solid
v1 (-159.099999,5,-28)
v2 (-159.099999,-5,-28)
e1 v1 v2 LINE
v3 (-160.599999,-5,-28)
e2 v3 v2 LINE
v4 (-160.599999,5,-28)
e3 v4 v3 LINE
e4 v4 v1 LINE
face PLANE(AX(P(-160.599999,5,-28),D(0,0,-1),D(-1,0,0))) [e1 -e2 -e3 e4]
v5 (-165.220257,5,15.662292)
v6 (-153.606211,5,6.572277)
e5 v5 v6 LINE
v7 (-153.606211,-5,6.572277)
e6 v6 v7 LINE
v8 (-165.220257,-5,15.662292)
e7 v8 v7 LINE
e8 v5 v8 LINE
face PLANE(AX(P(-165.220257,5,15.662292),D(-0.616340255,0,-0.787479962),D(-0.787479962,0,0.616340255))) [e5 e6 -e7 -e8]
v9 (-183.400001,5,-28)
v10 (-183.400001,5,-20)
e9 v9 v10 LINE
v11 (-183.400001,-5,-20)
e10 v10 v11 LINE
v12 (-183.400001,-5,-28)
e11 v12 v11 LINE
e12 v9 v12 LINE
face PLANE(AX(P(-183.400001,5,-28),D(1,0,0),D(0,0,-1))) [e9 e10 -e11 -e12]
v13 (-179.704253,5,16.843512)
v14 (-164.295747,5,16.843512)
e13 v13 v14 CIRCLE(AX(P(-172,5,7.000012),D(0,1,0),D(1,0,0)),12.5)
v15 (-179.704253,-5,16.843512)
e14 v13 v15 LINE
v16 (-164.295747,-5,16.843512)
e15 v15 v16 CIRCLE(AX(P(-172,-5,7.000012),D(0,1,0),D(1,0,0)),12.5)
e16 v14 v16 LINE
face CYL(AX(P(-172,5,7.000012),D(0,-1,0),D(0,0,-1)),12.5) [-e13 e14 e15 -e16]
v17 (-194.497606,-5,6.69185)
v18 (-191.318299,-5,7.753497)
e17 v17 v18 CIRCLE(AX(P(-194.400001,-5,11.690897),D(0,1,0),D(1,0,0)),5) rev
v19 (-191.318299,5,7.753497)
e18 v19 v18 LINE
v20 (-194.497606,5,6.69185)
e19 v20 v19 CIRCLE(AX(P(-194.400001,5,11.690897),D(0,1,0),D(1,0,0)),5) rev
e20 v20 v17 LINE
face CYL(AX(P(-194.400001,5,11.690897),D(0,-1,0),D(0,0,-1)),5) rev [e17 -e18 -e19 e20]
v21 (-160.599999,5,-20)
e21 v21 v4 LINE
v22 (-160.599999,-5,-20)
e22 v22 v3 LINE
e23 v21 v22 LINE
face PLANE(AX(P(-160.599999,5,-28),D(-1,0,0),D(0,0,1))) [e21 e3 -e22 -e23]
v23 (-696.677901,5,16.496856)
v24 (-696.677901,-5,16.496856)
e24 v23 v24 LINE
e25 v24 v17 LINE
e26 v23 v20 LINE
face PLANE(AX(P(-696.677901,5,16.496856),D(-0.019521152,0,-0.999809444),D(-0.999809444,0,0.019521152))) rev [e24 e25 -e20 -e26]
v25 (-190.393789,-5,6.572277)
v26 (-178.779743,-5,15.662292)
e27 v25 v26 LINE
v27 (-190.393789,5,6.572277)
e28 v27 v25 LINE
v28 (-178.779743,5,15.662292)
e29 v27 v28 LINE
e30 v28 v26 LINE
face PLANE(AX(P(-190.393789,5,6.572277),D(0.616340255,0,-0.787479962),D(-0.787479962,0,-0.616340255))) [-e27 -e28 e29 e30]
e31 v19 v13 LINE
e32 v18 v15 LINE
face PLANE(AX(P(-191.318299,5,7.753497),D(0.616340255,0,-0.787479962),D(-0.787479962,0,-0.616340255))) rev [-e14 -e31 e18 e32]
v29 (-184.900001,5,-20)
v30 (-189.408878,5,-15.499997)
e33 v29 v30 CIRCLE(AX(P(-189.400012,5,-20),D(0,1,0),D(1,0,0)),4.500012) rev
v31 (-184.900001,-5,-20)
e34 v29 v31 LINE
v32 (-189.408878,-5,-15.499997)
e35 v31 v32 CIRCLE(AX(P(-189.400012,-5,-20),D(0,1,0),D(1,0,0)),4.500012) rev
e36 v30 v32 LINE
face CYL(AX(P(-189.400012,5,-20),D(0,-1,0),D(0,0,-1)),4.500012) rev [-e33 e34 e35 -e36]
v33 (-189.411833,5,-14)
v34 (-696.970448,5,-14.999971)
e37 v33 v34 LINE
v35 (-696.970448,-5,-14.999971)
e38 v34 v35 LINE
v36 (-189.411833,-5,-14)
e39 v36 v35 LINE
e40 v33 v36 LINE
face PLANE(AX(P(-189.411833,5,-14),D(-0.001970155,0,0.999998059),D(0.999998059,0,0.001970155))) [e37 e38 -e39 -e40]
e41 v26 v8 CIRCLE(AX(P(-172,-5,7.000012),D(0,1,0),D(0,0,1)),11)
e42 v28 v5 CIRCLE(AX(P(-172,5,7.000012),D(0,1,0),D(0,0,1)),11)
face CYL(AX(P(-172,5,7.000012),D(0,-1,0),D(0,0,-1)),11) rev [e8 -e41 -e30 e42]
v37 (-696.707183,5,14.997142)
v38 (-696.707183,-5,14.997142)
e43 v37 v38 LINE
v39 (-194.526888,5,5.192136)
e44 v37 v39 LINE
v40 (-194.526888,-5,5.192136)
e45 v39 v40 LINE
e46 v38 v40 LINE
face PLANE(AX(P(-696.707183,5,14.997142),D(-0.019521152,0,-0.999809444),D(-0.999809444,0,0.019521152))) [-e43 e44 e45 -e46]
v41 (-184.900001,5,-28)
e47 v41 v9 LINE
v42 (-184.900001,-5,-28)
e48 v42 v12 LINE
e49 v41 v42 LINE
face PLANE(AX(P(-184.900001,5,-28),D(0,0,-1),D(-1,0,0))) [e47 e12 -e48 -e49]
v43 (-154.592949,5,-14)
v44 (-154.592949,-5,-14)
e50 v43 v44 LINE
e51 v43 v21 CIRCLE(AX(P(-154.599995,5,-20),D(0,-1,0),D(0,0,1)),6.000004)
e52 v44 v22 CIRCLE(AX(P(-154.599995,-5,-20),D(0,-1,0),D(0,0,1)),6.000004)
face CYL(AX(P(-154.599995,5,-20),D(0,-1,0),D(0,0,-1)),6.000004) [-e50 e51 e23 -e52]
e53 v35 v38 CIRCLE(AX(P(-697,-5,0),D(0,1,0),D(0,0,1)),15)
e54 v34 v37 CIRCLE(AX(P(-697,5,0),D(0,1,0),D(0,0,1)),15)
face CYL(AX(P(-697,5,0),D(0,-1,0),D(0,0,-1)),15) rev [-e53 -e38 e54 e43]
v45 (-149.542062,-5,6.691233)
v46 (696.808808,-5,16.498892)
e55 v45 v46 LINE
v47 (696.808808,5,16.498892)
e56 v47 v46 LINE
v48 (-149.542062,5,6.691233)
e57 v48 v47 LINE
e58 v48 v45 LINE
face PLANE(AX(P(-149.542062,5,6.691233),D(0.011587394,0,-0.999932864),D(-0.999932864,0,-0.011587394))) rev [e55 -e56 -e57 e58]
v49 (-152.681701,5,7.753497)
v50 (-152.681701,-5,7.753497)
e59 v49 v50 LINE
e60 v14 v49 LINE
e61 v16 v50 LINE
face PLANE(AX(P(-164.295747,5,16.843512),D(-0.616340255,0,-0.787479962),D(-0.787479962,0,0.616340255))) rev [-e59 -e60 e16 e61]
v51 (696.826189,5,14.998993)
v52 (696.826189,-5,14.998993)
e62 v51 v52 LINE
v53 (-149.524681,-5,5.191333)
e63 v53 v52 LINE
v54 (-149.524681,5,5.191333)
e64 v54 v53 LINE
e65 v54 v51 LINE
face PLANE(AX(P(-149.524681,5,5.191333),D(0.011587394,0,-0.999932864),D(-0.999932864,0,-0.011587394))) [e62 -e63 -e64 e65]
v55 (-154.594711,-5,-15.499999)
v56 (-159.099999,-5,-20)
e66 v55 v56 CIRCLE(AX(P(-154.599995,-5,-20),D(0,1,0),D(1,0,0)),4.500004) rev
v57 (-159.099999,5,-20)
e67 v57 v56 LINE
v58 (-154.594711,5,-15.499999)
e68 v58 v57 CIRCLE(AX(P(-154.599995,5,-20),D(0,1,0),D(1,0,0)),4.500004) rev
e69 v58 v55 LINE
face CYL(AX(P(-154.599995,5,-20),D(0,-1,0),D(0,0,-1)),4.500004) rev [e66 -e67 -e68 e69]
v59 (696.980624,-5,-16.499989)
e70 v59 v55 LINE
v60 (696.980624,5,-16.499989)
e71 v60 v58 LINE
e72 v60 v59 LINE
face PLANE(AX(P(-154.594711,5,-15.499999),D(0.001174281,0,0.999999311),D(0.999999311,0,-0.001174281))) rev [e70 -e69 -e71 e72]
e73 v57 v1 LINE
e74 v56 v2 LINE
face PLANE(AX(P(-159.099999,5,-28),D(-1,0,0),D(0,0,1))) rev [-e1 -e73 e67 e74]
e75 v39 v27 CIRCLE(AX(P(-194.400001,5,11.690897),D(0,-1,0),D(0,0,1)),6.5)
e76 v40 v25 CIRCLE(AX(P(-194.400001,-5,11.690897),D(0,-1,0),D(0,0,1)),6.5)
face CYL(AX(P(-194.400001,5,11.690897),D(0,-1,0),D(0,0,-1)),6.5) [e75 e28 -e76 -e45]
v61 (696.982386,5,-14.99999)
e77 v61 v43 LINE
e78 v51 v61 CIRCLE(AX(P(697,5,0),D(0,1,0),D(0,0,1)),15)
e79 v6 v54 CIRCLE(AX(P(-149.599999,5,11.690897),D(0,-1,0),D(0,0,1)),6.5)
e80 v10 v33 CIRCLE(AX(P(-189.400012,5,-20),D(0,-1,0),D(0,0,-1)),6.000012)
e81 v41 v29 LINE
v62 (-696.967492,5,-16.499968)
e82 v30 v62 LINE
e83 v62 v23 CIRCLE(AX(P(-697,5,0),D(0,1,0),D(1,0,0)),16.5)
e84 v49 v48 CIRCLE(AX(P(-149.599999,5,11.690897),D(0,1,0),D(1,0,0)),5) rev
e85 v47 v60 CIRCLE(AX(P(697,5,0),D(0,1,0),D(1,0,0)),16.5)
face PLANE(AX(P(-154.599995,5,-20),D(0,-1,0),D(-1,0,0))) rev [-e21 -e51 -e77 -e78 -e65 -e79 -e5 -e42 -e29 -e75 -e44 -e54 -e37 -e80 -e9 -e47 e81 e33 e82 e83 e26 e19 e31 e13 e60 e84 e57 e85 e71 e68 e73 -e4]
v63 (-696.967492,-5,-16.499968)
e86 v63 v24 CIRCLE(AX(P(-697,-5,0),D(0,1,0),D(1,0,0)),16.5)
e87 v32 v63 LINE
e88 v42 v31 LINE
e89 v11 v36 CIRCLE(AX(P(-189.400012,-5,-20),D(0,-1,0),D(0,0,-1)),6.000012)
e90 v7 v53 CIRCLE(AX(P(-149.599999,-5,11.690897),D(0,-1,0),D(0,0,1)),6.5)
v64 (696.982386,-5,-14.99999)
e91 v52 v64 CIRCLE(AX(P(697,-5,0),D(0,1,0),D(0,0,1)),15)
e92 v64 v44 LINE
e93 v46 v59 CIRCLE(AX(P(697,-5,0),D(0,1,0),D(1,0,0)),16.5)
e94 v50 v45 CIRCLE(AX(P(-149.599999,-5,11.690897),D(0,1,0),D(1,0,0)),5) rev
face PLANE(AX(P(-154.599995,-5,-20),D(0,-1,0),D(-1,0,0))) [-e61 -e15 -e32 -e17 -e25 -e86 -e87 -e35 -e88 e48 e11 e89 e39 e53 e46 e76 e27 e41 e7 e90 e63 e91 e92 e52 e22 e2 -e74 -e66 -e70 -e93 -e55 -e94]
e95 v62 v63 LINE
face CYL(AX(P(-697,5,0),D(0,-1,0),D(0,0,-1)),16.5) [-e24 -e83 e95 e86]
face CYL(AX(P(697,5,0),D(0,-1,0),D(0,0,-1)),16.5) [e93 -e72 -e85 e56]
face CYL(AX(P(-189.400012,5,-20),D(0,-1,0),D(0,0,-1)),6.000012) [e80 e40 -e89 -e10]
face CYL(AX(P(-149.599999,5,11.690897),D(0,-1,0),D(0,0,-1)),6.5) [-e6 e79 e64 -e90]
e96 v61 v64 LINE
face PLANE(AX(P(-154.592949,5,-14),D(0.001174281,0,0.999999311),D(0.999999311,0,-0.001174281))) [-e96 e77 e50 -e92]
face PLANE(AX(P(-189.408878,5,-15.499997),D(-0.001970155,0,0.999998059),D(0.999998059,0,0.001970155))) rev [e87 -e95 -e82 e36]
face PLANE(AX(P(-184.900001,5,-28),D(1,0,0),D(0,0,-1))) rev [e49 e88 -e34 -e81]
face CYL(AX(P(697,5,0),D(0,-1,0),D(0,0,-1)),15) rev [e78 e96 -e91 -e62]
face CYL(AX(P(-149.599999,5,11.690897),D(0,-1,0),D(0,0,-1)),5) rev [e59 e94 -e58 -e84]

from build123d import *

# Parameters (mm, degrees)
EXTRUDE_THIN1_DEPTH = 5


with BuildPart() as part:
    # Sketch1 → Extrude-Thin1 (new, symmetric)
    with BuildSketch(Plane(origin=(0, 0, 0), x_dir=(1, 0, 0), z_dir=(0, 1, 0))):
        with BuildLine():
            Line((-183.400000811, 28), (-183.400000811, 20))
            ThreePointArc((-183.400000811, 20), (-185.161544932, 15.753173798), (-189.411833406, 14))
            Line((-189.411833406, 14), (-696.970447681, 14.999970889))
            ThreePointArc((-696.970447681, 14.999970889), (-711.999422352, -0.131640078), (-696.707182726, -14.997141662))
            Line((-696.707182726, -14.997141662), (-194.526888217, -5.192135604))
            ThreePointArc((-194.526888217, -5.192135604), (-192.341242187, -5.52554921), (-190.393789073, -6.572277241))
            Line((-190.393789073, -6.572277241), (-178.779742807, -15.662291703))
            ThreePointArc((-178.779742807, -15.662291703), (-172, -18.000012126), (-165.220257193, -15.662291703))
            Line((-165.220257193, -15.662291703), (-153.606210927, -6.572277241))
            ThreePointArc((-153.606210927, -6.572277241), (-151.683201757, -5.533765565), (-149.524681207, -5.191333376))
            Line((-149.524681207, -5.191333376), (696.826189088, -14.998992958))
            ThreePointArc((696.826189088, -14.998992958), (711.999796679, -0.078099937), (696.982385781, 14.999989658))
            Line((696.982385781, 14.999989658), (-154.59294936, 14))
            ThreePointArc((-154.59294936, 14), (-158.840146905, 15.75486609), (-160.599999189, 20))
            Line((-160.599999189, 20), (-160.599999189, 28))
            Line((-160.599999189, 28), (-159.099999189, 28))
            Line((-159.099999189, 28), (-159.099999189, 20))
            ThreePointArc((-159.099999189, 20), (-157.780109672, 16.816148836), (-154.594710782, 15.499998966))
            Line((-154.594710782, 15.499998966), (696.980624359, 16.499988624))
            ThreePointArc((696.980624359, 16.499988624), (713.499776346, -0.08590993), (696.808807996, -16.498892254))
            Line((696.808807996, -16.498892254), (-149.542062298, -6.691232672))
            ThreePointArc((-149.542062298, -6.691232672), (-151.202462721, -6.954642048), (-152.681700545, -7.753497183))
            Line((-152.681700545, -7.753497183), (-164.29574681, -16.843511645))
            ThreePointArc((-164.29574681, -16.843511645), (-172, -19.500012126), (-179.70425319, -16.843511645))
            Line((-179.70425319, -16.843511645), (-191.318299455, -7.753497183))
            ThreePointArc((-191.318299455, -7.753497183), (-192.816340312, -6.948321775), (-194.497606489, -6.69184977))
            Line((-194.497606489, -6.69184977), (-696.677900999, -16.496855829))
            ThreePointArc((-696.677900999, -16.496855829), (-713.499364587, -0.144804086), (-696.967492449, 16.499967978))
            Line((-696.967492449, 16.499967978), (-189.408878174, 15.499997089))
            ThreePointArc((-189.408878174, 15.499997089), (-186.221159756, 16.814878288), (-184.900000811, 20))
            Line((-184.900000811, 20), (-184.900000811, 28))
            Line((-184.900000811, 28), (-183.400000811, 28))
        make_face()
    extrude(amount=EXTRUDE_THIN1_DEPTH, both=True)


solid = part.part
